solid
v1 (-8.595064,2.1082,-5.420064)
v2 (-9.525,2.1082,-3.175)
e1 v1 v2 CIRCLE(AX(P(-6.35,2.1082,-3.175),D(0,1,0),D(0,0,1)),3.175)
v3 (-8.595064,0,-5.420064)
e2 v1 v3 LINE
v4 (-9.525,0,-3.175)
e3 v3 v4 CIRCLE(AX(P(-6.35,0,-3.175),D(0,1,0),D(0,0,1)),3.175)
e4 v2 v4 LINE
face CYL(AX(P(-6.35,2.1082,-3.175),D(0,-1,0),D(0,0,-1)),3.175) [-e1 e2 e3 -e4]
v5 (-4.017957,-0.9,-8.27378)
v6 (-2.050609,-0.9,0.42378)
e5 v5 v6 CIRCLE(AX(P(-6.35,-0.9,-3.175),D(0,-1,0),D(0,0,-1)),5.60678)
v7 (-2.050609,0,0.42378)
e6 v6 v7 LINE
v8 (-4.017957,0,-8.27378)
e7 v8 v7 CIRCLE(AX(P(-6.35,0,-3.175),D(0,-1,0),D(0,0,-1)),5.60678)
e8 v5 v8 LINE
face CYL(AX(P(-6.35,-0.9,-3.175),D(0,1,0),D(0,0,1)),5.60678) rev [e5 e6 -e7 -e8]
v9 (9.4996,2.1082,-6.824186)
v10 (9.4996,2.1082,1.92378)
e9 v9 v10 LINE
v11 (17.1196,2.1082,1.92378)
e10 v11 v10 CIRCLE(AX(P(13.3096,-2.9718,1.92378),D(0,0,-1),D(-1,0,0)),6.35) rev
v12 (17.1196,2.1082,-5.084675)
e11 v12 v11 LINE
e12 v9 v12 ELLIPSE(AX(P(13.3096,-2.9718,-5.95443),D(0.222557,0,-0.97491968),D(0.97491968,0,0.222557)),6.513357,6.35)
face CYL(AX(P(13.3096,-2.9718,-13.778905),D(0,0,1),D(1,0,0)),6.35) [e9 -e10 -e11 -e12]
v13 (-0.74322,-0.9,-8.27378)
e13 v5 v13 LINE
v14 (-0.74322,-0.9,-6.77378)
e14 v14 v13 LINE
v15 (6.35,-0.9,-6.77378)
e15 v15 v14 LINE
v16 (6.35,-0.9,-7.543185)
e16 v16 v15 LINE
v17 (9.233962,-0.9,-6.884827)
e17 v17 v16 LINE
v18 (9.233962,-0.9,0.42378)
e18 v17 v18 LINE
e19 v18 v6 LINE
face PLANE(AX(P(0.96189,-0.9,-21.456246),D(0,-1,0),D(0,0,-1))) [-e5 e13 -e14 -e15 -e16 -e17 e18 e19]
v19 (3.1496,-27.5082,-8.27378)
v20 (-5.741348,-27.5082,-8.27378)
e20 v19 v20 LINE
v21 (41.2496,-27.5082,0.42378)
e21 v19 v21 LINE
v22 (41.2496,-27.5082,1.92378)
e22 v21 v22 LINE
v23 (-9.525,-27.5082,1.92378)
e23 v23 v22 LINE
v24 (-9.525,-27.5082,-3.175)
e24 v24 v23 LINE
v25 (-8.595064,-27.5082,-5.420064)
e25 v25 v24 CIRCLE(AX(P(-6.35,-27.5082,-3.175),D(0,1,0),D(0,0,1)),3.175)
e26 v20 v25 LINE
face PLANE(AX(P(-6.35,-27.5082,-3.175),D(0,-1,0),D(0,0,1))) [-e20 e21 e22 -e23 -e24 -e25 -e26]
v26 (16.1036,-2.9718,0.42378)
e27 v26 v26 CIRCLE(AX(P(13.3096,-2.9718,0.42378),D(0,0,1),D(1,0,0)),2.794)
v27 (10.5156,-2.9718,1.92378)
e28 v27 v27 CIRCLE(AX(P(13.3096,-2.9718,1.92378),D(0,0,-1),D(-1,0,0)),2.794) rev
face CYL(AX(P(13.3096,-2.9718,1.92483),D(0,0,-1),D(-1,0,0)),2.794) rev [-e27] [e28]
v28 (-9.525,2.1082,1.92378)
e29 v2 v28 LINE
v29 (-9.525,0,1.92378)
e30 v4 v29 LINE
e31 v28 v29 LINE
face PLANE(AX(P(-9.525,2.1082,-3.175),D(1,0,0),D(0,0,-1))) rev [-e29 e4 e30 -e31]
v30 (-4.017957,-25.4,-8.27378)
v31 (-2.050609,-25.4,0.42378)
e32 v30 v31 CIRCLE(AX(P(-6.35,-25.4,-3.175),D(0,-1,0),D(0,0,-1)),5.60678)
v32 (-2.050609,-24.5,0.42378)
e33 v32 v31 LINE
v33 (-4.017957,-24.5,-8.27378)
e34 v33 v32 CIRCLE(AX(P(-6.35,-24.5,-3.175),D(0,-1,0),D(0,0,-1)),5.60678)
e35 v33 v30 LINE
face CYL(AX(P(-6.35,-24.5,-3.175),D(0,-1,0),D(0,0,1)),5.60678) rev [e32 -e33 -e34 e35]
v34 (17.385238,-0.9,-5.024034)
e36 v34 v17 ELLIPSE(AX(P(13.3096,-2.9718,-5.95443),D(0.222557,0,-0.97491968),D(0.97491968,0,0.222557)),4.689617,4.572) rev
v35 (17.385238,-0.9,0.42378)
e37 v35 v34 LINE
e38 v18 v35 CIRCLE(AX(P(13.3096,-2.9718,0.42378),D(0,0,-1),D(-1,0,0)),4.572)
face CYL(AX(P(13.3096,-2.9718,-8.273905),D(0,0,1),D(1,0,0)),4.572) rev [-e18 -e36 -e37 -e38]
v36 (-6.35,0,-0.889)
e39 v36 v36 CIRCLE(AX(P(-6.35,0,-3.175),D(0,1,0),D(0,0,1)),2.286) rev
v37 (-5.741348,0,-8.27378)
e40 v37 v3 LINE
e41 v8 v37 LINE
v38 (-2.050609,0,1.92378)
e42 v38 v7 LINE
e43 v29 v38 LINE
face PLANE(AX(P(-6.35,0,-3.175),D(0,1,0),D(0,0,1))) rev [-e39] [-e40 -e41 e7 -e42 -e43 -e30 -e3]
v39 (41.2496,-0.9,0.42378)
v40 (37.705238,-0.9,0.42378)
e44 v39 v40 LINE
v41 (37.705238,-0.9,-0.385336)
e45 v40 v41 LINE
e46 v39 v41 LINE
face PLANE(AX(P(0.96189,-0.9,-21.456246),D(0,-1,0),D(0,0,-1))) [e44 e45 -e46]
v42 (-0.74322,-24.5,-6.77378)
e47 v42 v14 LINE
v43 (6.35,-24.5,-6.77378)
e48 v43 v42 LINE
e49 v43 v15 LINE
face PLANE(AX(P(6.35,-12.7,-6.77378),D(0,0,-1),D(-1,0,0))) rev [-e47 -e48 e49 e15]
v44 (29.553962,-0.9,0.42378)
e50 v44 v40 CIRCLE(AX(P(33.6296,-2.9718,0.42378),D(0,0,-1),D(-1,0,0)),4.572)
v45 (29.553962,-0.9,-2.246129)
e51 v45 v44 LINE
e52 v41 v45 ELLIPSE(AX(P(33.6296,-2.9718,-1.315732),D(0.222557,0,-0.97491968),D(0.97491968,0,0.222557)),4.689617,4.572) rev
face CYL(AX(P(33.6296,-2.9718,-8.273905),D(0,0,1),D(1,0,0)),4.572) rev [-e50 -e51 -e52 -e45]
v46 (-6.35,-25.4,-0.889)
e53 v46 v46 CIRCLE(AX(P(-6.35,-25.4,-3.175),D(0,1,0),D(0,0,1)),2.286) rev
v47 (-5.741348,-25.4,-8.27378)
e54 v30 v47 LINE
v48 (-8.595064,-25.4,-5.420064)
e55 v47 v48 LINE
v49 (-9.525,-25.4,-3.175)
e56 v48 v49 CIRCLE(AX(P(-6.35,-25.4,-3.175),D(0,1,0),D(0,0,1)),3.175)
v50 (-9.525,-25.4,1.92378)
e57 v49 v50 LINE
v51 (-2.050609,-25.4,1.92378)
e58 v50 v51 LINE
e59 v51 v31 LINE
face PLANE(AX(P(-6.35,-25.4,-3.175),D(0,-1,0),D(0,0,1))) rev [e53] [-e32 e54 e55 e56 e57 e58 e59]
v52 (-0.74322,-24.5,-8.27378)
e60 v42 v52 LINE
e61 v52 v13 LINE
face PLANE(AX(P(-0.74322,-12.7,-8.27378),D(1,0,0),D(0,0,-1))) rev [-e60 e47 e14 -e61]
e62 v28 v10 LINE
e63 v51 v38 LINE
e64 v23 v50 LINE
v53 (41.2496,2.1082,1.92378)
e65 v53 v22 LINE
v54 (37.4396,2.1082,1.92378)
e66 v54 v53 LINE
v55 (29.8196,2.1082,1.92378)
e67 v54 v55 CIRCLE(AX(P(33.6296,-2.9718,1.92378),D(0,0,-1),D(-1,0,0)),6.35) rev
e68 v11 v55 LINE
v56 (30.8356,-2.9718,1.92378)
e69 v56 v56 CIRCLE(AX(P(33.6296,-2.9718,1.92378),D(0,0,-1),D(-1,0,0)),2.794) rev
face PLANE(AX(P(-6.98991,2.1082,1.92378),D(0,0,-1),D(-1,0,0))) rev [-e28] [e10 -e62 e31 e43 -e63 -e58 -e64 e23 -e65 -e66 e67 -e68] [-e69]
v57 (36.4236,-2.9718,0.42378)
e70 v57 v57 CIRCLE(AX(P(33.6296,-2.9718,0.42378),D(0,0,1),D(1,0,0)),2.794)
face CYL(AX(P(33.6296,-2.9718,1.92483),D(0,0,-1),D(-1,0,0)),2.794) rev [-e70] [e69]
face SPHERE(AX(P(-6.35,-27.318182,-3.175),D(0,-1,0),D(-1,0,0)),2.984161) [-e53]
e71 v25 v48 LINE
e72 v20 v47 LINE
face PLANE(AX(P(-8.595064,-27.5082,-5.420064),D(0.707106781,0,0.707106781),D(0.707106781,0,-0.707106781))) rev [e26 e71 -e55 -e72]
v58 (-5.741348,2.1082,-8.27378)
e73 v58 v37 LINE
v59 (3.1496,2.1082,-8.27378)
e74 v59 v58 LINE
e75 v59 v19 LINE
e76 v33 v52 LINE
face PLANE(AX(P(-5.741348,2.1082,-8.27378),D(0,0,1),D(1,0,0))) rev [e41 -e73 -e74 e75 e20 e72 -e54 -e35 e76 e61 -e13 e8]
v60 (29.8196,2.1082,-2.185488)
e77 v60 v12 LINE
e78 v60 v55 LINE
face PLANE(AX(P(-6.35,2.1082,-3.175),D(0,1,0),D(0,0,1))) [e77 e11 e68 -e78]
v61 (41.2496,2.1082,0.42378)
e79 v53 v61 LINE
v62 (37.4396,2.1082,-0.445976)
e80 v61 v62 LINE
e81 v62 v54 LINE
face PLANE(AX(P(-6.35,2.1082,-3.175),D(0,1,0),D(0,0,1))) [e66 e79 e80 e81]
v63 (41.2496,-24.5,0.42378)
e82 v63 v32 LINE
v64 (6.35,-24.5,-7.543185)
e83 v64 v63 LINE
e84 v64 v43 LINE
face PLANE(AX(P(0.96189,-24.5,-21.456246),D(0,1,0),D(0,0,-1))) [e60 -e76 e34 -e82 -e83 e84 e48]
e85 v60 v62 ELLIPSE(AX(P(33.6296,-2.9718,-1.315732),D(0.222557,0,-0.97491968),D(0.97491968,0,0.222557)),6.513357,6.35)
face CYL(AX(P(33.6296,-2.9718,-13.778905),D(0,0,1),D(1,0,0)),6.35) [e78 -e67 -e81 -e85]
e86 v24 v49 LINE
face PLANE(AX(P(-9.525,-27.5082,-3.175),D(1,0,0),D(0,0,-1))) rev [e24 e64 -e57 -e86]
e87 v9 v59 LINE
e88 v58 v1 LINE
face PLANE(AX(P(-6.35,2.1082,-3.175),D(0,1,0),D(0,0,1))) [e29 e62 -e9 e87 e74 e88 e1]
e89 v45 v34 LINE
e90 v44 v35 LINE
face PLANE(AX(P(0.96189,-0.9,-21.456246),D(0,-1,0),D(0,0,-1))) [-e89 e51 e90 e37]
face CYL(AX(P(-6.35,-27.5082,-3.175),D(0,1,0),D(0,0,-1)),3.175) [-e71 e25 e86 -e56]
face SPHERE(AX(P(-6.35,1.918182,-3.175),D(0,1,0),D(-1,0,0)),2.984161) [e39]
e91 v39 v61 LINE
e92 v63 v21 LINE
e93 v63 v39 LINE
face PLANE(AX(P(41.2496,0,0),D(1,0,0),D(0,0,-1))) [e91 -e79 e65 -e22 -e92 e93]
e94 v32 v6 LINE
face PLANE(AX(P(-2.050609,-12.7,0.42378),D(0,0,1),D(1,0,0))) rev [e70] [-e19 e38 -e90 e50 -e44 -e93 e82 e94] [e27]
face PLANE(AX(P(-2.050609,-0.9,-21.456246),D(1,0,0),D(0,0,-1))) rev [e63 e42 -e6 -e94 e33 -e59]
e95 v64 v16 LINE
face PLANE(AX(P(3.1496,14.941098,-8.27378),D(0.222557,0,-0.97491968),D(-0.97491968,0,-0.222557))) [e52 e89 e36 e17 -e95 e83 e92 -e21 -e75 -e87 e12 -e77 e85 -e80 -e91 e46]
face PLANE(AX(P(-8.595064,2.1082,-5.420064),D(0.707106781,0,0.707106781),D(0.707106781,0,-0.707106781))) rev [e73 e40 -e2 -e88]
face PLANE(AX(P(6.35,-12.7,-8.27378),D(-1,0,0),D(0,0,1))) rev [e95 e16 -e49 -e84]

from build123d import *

# Parameters (mm, degrees)
BOSS_EXTRUDE2_DEPTH             = 2.1082
BOSS_EXTRUDE3_DEPTH             = 0.9
SKETCH13_W                      = 5.200208993
SKETCH13_H                      = 1.5
BOSS_EXTRUDE4_DEPTH             = 12.7
SKETCH16_W                      = 7.09322036
SKETCH16_H                      = 1.5
BOSS_EXTRUDE5_DEPTH             = 11.8
SKETCH17_W                      = 1.5
SKETCH17_H                      = 23.6
BOSS_EXTRUDE6_DEPTH             = 38.1
BOSS_EXTRUDE7_REACH             = 53.45
BOSS_EXTRUDE8_DEPTH             = 3.0082
CUT_EXTRUDE1_DEPTH              = 52.450131959
CUT_EXTRUDE2_REACH              = 52.338
SKETCH21_R                      = 2.794
SKETCH22_R                      = 4.572
CUT_EXTRUDE3_DEPTH              = 51.337641034
BOSS_EXTRUDE9_REACH             = 52.338
BOSS_EXTRUDE9_DIRECTION_2_DEPTH = 1.5


with BuildPart() as part:
    # Sketch6 → Boss-Extrude2 (new body)
    with BuildSketch(Plane(origin=(0, 0, 0), x_dir=(1, 0, 0), z_dir=(0, 1, 0))):
        with BuildLine():
            Line((3.1496, 3.175), (3.1496, 8.27377964))
            Line((3.1496, 8.27377964), (-5.741348421, 8.27377964))
            Line((-5.741348421, 8.27377964), (-8.59506403, 5.42006403))
            ThreePointArc((-8.59506403, 5.42006403), (-9.283317516, 4.390019898), (-9.525, 3.175))
            Line((-9.525, 3.175), (-9.525, -1.92377964))
            Line((-9.525, -1.92377964), (-6.989909723, -1.92377964))
            Line((-6.989909723, -1.92377964), (3.1496, -1.92377964))
            Line((3.1496, -1.92377964), (3.1496, 3.175))
        make_face()
    extrude(amount=BOSS_EXTRUDE2_DEPTH)

    # Sketch7 → Boss-Extrude3 (add)
    with BuildSketch(Plane.XZ):
        with BuildLine():
            Line((-2.050608993, 1.92377964), (-2.050608993, 0.42377964))
            ThreePointArc((-2.050608993, 0.42377964), (-0.881374643, -4.411978027), (-4.017957094, -8.27377964))
            Line((-4.017957094, -8.27377964), (6.35, -8.27377964))
            ThreePointArc((6.35, -8.27377964), (11.44877964, -3.175), (6.35, 1.92377964))
            Line((6.35, 1.92377964), (-2.050608993, 1.92377964))
        make_face()
    extrude(amount=BOSS_EXTRUDE3_DEPTH)

    # Sketch10 → Revolve2 (revolve)
    with BuildSketch(Plane.XY.offset(-3.175), mode=Mode.PRIVATE) as revolve2_sk:
        with BuildLine():
            Line((-6.35, 0), (-6.35, -1.065979307))
            ThreePointArc((-6.35, -1.065979307), (-5.088839039, -0.786386653), (-4.064, 0))
            Line((-4.064, 0), (-6.35, 0))
        make_face()
    revolve(revolve2_sk.sketch.rotate(Axis((-6.35, 0, -3.175), (0, -1, 0)), 180), axis=Axis((-6.35, 0, -3.175), (0, -1, 0)))

    # Sketch13 → Boss-Extrude4 (add)
    with BuildSketch(Plane.XZ):
        with Locations((0.549495504, 1.17377964)):
            Rectangle(SKETCH13_W, SKETCH13_H)
    extrude(amount=BOSS_EXTRUDE4_DEPTH)

    # Sketch16 → Boss-Extrude5 (add)
    with BuildSketch(Plane.XZ.offset(0.9)):
        with Locations((2.80338982, -7.52377964)):
            Rectangle(SKETCH16_W, SKETCH16_H)
    extrude(amount=BOSS_EXTRUDE5_DEPTH)

    # Mirror1: part across plane


with BuildPart() as part_1:
    add(part.part)
    add(part.part.mirror(Plane(origin=(3.1496, -12.7, 1.92377964), x_dir=(0, 0, 1), z_dir=(0, 1, 0))))

    # Sketch17 → Boss-Extrude6 (add)
    with BuildSketch(Plane(origin=(3.1496, 0, 0), x_dir=(0, 0, -1), z_dir=(1, 0, 0))):
        with Locations((-1.17377964, -12.7)):
            Rectangle(SKETCH17_W, SKETCH17_H)
    extrude(amount=BOSS_EXTRUDE6_DEPTH)

    # Boss-Extrude7: up to this face of the body (flat: up to its plane)
    boss_extrude7_end = Plane(part_1.part.faces().sort_by_distance((25.033512305, -24.5, 1.184664169))[0])
    # Sketch18 → Boss-Extrude7 (add, up to the picked face)
    with BuildSketch(Plane.XZ.offset(27.5082), mode=Mode.PRIVATE) as boss_extrude7_sk1:
        Polygon((3.1496, -8.27377964), (41.2496, 0.42377964), (41.2496, 1.92377964), (3.1496, 1.92377964), align=None)
    boss_extrude7_tool1 = split(extrude(boss_extrude7_sk1.sketch, amount=-BOSS_EXTRUDE7_REACH, mode=Mode.PRIVATE), bisect_by=boss_extrude7_end, keep=Keep.BOTH, mode=Mode.PRIVATE)
    add(boss_extrude7_tool1.solids().sort_by(Axis((17.478145, -27.5082, -1.539523), (0, 1, 0)))[0])

    # Sketch19 → Boss-Extrude8 (add)
    with BuildSketch(Plane(origin=(0, 2.1082, 0), x_dir=(1, 0, 0), z_dir=(0, 1, 0))):
        Polygon((3.1496, 8.27377964), (41.2496, -0.42377964), (41.2496, -1.92377964), (3.1496, -1.92377964), align=None)
    extrude(amount=-BOSS_EXTRUDE8_DEPTH)

    # Sketch20 → Cut-Extrude1 (cut, through all)
    with BuildSketch(Plane.XZ.offset(27.5082)):
        with BuildLine():
            Line((10.03132609, -6.702802721), (3.1496, -8.27377964))
            Line((3.1496, -8.27377964), (6.35, -8.27377964))
            ThreePointArc((6.35, -8.27377964), (8.351257746, -7.864618455), (10.03132609, -6.702802721))
        make_face()
    extrude(amount=-CUT_EXTRUDE1_DEPTH, mode=Mode.SUBTRACT)

    # Sketch21 → Cut-Extrude2 (cut, up to next)
    with BuildSketch(Plane(origin=(0, 0, 0.42377964), x_dir=(-1, 0, 0), z_dir=(0, 0, -1)), mode=Mode.PRIVATE) as cut_extrude2_sk1:
        with Locations((-33.6296, -2.9718)):
            Circle(SKETCH21_R)
    cut_extrude2_tool1 = extrude(cut_extrude2_sk1.sketch, amount=-CUT_EXTRUDE2_REACH, mode=Mode.PRIVATE) & part_1.part
    # Sketch21 → Cut-Extrude2 (cut, up to next)
    with BuildSketch(Plane(origin=(0, 0, 0.42377964), x_dir=(-1, 0, 0), z_dir=(0, 0, -1)), mode=Mode.PRIVATE) as cut_extrude2_sk2:
        with Locations((-13.3096, -2.9718)):
            Circle(SKETCH21_R)
    cut_extrude2_tool2 = extrude(cut_extrude2_sk2.sketch, amount=-CUT_EXTRUDE2_REACH, mode=Mode.PRIVATE) & part_1.part
    add(cut_extrude2_tool1.solids().sort_by_distance((33.6296, -2.9718, 0.42378))[0], mode=Mode.SUBTRACT)
    add(cut_extrude2_tool2.solids().sort_by_distance((13.3096, -2.9718, 0.42378))[0], mode=Mode.SUBTRACT)

    # Sketch22 → Cut-Extrude3 (cut, through all)
    with BuildSketch(Plane(origin=(0, 0, 0.42377964), x_dir=(-1, 0, 0), z_dir=(0, 0, -1))):
        with Locations((-33.6296, -2.9718)):
            Circle(SKETCH22_R)
        with Locations((-13.3096, -2.9718)):
            Circle(SKETCH22_R)
    extrude(amount=CUT_EXTRUDE3_DEPTH, mode=Mode.SUBTRACT)

    # Boss-Extrude9: up to this plane
    boss_extrude9_end = Plane(origin=(3.1496, 14.941098048, -8.27377964), z_dir=(0.2225570001625305, 0, -0.9749196796037383))
    # Sketch23 → Boss-Extrude9 (add, up to the surface)
    with BuildSketch(Plane(origin=(0, 0, 0.42377964), x_dir=(-1, 0, 0), z_dir=(0, 0, -1)), mode=Mode.PRIVATE) as boss_extrude9_sk1:
        with BuildLine():
            ThreePointArc((-29.8196, 2.1082), (-33.6296, 3.3782), (-37.4396, 2.1082))
            Line((-37.4396, 2.1082), (-29.8196, 2.1082))
        make_face()
    boss_extrude9_tool1 = split(extrude(boss_extrude9_sk1.sketch, amount=BOSS_EXTRUDE9_REACH, mode=Mode.PRIVATE), bisect_by=boss_extrude9_end, keep=Keep.BOTH, mode=Mode.PRIVATE)
    add(boss_extrude9_tool1.solids().sort_by_distance((33.6296, 2.620823, 0.42378))[0])
    # Sketch23 → Boss-Extrude9 (add, up to the surface)
    with BuildSketch(Plane(origin=(0, 0, 0.42377964), x_dir=(-1, 0, 0), z_dir=(0, 0, -1)), mode=Mode.PRIVATE) as boss_extrude9_sk2:
        with BuildLine():
            ThreePointArc((-9.4996, 2.1082), (-13.3096, 3.3782), (-17.1196, 2.1082))
            Line((-17.1196, 2.1082), (-9.4996, 2.1082))
        make_face()
    boss_extrude9_tool2 = split(extrude(boss_extrude9_sk2.sketch, amount=BOSS_EXTRUDE9_REACH, mode=Mode.PRIVATE), bisect_by=boss_extrude9_end, keep=Keep.BOTH, mode=Mode.PRIVATE)
    add(boss_extrude9_tool2.solids().sort_by_distance((13.3096, 2.620823, 0.42378))[0])

    # Sketch23 → Boss-Extrude9 direction 2 (add)
    with BuildSketch(Plane(origin=(0, 0, 0.42377964), x_dir=(-1, 0, 0), z_dir=(0, 0, -1))):
        with BuildLine():
            ThreePointArc((-29.8196, 2.1082), (-33.6296, 3.3782), (-37.4396, 2.1082))
            Line((-37.4396, 2.1082), (-29.8196, 2.1082))
        make_face()
        with BuildLine():
            ThreePointArc((-9.4996, 2.1082), (-13.3096, 3.3782), (-17.1196, 2.1082))
            Line((-17.1196, 2.1082), (-9.4996, 2.1082))
        make_face()
    extrude(amount=-BOSS_EXTRUDE9_DIRECTION_2_DEPTH)


solid = part_1.part
